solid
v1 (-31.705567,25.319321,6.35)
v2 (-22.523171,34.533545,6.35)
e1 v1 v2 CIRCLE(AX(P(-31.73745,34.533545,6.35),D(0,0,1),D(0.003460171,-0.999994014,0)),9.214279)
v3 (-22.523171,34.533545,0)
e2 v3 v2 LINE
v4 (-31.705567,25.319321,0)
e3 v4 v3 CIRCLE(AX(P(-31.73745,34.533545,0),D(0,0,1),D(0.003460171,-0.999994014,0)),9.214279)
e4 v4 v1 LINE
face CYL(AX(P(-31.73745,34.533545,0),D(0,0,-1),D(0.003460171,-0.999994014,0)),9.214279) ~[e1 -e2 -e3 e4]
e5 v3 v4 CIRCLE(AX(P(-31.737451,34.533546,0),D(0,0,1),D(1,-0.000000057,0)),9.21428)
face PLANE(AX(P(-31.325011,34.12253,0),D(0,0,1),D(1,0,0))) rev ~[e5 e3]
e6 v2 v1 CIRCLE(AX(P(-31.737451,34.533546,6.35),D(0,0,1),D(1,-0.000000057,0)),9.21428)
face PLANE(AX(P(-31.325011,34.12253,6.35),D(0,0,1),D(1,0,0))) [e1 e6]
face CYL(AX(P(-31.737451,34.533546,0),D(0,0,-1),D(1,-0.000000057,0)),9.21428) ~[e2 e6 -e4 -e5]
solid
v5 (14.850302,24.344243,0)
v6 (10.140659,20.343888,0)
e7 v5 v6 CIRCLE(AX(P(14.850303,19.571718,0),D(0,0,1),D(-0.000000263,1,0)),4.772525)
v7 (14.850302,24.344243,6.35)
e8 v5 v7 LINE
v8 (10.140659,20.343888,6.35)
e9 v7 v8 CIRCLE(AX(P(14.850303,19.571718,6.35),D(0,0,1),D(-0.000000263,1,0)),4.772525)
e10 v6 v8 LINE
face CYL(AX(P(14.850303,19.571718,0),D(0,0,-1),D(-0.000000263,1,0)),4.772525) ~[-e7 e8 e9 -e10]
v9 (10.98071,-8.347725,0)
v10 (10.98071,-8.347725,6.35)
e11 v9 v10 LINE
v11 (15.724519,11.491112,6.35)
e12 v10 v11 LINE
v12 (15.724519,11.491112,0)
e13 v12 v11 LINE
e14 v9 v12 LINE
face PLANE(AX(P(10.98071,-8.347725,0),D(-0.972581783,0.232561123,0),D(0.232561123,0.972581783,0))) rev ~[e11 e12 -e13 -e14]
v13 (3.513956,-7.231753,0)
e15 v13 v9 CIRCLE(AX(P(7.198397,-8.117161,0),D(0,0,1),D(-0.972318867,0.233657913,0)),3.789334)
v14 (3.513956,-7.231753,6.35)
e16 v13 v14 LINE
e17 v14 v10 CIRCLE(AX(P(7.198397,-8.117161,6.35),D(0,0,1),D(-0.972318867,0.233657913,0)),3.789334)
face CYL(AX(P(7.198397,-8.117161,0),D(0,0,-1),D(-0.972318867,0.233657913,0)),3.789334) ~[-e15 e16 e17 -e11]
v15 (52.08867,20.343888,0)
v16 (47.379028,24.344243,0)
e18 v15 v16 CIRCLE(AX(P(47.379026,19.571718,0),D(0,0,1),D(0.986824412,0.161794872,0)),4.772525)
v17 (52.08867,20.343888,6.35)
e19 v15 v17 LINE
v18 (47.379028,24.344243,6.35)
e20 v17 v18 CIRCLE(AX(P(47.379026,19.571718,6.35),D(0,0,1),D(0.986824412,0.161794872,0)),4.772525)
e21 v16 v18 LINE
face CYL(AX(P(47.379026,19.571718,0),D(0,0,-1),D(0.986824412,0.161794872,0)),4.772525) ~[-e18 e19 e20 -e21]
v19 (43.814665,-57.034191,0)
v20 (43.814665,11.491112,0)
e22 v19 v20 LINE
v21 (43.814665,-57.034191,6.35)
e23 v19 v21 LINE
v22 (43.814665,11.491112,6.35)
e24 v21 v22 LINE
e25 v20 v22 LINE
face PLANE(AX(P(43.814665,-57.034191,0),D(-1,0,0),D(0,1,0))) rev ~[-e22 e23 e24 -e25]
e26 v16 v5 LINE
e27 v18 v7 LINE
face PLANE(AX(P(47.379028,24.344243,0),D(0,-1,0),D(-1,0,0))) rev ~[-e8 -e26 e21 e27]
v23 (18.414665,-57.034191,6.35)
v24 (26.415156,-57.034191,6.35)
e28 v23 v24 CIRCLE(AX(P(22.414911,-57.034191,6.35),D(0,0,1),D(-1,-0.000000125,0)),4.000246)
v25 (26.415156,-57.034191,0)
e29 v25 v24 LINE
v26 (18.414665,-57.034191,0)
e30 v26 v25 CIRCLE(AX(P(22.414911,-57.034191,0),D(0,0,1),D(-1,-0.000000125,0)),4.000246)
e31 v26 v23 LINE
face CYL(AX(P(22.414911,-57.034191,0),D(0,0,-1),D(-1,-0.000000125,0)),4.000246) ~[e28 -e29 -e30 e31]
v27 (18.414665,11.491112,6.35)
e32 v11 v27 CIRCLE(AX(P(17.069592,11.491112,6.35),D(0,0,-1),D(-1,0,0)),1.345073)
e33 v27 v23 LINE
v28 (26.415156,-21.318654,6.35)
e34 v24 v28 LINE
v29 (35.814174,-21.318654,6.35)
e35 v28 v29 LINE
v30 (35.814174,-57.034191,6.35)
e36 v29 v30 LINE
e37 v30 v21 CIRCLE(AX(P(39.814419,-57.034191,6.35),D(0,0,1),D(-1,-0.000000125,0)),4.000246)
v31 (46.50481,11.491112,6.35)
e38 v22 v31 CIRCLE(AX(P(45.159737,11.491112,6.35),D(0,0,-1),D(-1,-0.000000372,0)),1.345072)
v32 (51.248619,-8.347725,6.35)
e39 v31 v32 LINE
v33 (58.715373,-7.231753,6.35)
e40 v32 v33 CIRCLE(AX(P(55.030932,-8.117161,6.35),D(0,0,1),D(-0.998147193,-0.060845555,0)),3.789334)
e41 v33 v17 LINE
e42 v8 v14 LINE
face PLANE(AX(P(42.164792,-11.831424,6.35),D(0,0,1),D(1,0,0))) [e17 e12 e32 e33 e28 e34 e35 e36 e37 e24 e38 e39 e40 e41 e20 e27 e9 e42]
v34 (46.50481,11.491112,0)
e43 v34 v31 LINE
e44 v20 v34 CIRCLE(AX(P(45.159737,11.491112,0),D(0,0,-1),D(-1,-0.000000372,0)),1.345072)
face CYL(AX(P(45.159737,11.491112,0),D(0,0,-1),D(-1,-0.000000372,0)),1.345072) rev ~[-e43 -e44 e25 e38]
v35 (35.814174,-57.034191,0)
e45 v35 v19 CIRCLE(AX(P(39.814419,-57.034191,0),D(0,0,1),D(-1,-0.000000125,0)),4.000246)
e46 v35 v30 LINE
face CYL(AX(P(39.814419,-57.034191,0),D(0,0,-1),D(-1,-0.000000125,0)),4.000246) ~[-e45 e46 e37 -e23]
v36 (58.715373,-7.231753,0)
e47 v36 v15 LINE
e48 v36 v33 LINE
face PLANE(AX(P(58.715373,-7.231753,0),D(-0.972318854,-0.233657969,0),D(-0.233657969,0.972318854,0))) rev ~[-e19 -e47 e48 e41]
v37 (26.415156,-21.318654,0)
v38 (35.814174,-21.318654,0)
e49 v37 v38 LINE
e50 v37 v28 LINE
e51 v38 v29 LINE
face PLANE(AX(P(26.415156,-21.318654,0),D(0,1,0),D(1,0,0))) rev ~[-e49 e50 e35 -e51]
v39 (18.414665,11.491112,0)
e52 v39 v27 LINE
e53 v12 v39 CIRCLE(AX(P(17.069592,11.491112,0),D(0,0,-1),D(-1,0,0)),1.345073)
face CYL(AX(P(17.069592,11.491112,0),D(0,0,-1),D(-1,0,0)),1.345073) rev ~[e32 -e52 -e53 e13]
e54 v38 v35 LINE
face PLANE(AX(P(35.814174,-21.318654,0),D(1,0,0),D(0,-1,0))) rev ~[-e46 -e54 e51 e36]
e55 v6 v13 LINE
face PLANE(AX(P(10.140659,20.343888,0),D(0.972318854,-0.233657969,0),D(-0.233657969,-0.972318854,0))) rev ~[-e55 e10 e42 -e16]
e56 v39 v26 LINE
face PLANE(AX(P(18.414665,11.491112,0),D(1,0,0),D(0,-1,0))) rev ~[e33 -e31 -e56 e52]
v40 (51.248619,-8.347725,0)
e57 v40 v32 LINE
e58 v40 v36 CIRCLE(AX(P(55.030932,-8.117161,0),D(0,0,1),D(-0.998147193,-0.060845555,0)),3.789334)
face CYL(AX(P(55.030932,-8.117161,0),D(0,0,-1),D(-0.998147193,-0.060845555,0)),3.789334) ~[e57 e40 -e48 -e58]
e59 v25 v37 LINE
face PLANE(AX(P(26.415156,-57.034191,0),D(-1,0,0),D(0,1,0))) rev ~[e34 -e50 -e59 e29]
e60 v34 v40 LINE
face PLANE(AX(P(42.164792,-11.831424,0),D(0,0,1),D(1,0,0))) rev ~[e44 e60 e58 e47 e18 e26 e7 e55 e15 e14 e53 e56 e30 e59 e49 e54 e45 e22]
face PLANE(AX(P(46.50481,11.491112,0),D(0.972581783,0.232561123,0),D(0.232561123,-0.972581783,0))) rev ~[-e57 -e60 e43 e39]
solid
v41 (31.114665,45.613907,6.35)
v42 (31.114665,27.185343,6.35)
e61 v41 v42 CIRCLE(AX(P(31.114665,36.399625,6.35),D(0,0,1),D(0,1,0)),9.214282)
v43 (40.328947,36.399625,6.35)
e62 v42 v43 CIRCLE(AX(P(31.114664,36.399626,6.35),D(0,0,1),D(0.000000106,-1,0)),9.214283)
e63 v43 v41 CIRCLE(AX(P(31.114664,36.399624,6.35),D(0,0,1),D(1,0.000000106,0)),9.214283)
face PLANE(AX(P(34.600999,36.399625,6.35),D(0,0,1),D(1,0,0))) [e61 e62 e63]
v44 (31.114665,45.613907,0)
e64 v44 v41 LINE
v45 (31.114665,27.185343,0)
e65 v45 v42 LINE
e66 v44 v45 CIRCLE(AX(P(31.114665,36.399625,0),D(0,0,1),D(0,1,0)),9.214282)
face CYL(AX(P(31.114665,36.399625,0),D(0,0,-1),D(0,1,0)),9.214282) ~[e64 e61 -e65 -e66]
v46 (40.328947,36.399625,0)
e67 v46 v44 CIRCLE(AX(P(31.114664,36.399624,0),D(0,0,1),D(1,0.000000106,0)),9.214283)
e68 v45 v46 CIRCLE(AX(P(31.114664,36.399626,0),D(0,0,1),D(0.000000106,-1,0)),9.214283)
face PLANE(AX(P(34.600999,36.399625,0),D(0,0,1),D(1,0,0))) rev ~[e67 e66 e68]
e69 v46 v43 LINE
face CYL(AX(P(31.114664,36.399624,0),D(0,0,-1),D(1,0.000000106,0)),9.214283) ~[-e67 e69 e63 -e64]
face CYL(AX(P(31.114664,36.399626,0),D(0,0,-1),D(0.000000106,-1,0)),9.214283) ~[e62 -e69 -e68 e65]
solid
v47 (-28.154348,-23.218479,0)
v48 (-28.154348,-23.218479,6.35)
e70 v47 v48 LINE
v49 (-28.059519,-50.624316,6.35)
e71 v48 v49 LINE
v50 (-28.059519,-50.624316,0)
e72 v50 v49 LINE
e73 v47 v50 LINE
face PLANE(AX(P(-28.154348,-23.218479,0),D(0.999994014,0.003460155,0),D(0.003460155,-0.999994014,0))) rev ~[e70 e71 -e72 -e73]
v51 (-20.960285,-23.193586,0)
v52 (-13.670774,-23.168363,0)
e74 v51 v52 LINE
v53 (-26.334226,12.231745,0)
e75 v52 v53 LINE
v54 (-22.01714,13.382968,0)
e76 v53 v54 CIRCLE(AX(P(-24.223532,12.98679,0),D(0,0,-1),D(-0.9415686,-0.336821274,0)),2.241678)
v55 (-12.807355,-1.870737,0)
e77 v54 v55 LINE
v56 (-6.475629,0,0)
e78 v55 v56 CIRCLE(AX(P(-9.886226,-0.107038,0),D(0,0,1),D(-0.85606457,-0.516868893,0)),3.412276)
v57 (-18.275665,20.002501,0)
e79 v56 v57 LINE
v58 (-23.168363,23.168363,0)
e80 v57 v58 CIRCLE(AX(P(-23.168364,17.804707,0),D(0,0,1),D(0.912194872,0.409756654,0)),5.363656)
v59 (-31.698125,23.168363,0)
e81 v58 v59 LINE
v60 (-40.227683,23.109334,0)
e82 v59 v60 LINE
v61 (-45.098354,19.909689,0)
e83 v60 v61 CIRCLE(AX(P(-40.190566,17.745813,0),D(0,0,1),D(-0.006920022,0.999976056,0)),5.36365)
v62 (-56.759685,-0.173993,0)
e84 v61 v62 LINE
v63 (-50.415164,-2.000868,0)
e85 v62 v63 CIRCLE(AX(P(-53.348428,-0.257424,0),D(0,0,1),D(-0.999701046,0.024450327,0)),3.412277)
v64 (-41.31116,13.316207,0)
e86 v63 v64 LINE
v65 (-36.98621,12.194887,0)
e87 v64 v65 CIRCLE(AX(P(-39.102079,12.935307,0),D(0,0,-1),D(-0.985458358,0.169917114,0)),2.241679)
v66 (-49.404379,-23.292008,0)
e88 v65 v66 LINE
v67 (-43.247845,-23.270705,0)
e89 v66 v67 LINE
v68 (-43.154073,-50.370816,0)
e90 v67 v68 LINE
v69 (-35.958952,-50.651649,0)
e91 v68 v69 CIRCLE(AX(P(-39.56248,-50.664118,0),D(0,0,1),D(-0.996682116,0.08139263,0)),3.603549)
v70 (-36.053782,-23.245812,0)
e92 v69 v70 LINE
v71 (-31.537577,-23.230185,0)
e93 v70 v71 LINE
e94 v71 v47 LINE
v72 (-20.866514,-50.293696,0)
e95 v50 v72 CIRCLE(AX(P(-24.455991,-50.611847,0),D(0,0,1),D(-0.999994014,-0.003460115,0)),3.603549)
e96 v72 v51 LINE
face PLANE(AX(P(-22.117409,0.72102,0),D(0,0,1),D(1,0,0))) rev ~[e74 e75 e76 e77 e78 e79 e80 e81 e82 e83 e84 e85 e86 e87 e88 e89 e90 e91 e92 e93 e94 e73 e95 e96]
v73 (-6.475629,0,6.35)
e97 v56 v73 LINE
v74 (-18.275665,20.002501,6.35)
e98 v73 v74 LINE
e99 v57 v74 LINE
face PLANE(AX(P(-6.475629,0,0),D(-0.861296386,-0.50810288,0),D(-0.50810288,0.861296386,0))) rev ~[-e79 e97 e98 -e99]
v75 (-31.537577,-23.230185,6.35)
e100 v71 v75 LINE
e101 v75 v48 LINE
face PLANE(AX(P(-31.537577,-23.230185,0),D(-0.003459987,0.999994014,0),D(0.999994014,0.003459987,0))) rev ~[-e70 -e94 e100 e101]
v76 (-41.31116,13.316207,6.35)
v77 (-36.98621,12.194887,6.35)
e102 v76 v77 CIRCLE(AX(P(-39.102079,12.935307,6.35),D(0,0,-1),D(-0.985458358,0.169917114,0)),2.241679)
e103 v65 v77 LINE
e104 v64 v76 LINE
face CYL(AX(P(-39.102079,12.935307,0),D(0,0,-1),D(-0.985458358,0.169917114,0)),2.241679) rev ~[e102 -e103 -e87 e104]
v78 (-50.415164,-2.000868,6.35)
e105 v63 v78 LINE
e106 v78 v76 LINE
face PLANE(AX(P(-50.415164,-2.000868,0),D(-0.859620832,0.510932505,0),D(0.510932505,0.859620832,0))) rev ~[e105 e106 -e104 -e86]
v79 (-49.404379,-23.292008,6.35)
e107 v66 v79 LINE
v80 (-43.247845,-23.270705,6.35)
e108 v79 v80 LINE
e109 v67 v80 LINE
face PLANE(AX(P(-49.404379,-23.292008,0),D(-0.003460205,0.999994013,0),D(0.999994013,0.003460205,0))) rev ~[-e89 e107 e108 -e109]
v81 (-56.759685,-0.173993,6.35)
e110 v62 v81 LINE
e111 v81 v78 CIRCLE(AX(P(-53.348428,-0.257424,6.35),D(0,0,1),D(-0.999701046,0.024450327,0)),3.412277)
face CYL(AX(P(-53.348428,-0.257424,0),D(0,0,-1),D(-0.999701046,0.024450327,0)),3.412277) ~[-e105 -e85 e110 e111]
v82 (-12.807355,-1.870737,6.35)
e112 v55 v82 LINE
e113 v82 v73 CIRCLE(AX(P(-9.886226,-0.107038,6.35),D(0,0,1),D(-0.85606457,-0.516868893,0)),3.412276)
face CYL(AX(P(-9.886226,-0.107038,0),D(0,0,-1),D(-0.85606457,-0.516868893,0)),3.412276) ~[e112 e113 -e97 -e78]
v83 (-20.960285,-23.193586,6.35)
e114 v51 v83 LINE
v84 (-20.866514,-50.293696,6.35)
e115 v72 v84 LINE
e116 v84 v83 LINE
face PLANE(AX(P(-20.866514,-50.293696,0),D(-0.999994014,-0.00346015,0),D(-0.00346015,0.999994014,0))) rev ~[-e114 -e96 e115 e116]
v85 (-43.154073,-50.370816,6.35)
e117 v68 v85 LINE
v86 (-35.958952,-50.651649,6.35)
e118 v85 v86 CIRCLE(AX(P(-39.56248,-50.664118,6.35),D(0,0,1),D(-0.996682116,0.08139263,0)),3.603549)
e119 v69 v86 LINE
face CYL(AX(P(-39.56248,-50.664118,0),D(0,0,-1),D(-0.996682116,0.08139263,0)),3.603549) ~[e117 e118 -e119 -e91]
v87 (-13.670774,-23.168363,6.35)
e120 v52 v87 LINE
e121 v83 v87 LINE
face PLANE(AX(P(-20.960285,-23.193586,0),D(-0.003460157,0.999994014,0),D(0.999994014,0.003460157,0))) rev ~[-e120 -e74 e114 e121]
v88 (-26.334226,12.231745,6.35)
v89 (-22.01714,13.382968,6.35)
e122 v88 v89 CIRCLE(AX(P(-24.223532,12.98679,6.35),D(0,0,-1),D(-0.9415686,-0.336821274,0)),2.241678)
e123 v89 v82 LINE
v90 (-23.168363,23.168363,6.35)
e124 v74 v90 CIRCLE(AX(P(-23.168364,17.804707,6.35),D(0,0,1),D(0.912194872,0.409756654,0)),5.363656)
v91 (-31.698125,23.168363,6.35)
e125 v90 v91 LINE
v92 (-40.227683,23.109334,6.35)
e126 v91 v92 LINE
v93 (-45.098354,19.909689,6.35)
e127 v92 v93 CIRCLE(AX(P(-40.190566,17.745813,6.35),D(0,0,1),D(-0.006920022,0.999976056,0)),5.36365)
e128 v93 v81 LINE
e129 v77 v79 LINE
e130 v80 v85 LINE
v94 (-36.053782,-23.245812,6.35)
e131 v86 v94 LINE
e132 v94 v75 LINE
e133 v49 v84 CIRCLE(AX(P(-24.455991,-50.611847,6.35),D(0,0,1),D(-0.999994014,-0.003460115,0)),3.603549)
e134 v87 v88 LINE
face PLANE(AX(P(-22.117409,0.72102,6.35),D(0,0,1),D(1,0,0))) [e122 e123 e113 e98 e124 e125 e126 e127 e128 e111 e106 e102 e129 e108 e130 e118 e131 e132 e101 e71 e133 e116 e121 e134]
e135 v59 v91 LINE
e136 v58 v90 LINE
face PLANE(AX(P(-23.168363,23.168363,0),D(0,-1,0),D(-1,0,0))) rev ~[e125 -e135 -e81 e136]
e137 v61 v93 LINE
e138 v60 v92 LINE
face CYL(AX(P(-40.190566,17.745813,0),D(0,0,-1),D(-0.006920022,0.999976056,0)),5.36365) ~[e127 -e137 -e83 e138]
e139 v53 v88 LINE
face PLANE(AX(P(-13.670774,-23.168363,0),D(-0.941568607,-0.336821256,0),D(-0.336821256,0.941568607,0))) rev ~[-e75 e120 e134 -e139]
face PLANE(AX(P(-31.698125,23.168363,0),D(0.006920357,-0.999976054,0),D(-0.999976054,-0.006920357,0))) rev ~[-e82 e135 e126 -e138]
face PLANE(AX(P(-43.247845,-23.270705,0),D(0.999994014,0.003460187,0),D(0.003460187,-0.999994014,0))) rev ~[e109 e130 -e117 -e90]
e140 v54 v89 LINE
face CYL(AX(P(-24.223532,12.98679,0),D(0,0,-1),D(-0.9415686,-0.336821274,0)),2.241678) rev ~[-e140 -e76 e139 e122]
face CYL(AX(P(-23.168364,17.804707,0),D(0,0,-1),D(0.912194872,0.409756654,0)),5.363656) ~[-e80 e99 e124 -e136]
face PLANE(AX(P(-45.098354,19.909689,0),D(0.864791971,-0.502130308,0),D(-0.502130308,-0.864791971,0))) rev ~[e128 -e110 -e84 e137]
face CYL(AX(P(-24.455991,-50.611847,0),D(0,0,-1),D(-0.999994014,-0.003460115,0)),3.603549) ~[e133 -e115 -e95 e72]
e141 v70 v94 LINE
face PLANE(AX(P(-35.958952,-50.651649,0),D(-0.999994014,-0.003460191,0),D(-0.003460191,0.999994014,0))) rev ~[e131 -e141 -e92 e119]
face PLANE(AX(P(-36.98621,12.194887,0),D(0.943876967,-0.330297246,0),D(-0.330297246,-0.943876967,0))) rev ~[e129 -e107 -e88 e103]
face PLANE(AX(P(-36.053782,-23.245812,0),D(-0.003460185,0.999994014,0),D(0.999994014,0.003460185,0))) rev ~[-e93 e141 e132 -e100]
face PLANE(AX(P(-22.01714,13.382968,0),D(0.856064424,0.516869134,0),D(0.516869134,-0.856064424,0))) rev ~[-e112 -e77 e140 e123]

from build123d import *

# Parameters (mm, degrees)
F2_DEPTH = 6.35
F3_DEPTH = 6.35


with BuildPart() as f2:
    # F1 (on Top) → F2 (new body)
    with BuildSketch(Plane.XY):
        with BuildLine():
            ThreePointArc((31.114665, 27.185343), (37.630146, 29.884144), (40.328947, 36.399625))
            ThreePointArc((40.328947, 36.399625), (37.630146, 42.915106), (31.114665, 45.613907))
            Line((31.114665, 45.613907), (31.114665, 27.185343))
        make_face()
        with BuildLine():
            Line((47.379028, 24.344243), (31.114665, 24.344243))
            Line((31.114665, 24.344243), (31.114665, -21.318654))
            Line((31.114665, -21.318654), (35.814174, -21.318654))
            Line((35.814174, -21.318654), (35.814174, -57.034191))
            ThreePointArc((35.814174, -57.034191), (39.814419, -61.034436), (43.814665, -57.034191))
            Line((43.814665, -57.034191), (43.814665, 11.491112))
            ThreePointArc((43.814665, 11.491112), (45.159738, 12.836185), (46.50481, 11.491112))
            Line((46.50481, 11.491112), (51.248619, -8.347725))
            ThreePointArc((51.248619, -8.347725), (55.59106, -11.864868), (58.715373, -7.231753))
            Line((58.715373, -7.231753), (52.08867, 20.343888))
            ThreePointArc((52.08867, 20.343888), (50.46867, 23.209175), (47.379028, 24.344243))
        make_face()
        with BuildLine():
            Line((31.114665, -21.318654), (31.114665, 24.344243))
            Line((31.114665, 24.344243), (14.850302, 24.344243))
            ThreePointArc((14.850302, 24.344243), (11.760659, 23.209175), (10.140659, 20.343888))
            Line((10.140659, 20.343888), (3.513956, -7.231753))
            ThreePointArc((3.513956, -7.231753), (6.638269, -11.864868), (10.98071, -8.347725))
            Line((10.98071, -8.347725), (15.724519, 11.491112))
            ThreePointArc((15.724519, 11.491112), (17.069592, 12.836185), (18.414665, 11.491112))
            Line((18.414665, 11.491112), (18.414665, -57.034191))
            ThreePointArc((18.414665, -57.034191), (22.41491, -61.034436), (26.415156, -57.034191))
            Line((26.415156, -57.034191), (26.415156, -21.318654))
            Line((26.415156, -21.318654), (31.114665, -21.318654))
        make_face()
        with BuildLine():
            Line((31.114665, 27.185343), (31.114665, 45.613907))
            ThreePointArc((31.114665, 45.613907), (21.900383, 36.399625), (31.114665, 27.185343))
        make_face()
    extrude(amount=F2_DEPTH)


with BuildPart() as f3:
    # F0 (on Top) → F3 (new body)
    with BuildSketch(Plane.XY):
        with BuildLine():
            ThreePointArc((-31.705567, 25.319321), (-25.210708, 28.029348), (-22.523171, 34.533545))
            ThreePointArc((-22.523171, 34.533545), (-38.264193, 41.037743), (-31.705567, 25.319321))
        make_face()
        with BuildLine():
            Line((-23.168363, 23.168363), (-31.698125, 23.168363))
            Line((-31.698125, 23.168363), (-31.537577, -23.230185))
            Line((-31.537577, -23.230185), (-28.154348, -23.218479))
            Line((-28.154348, -23.218479), (-20.960285, -23.193586))
            Line((-20.960285, -23.193586), (-13.670774, -23.168363))
            Line((-13.670774, -23.168363), (-26.334226, 12.231745))
            ThreePointArc((-26.334226, 12.231745), (-24.801129, 15.152778), (-22.01714, 13.382968))
            Line((-22.01714, 13.382968), (-12.807355, -1.870737))
            ThreePointArc((-12.807355, -1.870737), (-8.919371, -3.379471), (-6.475629, 0))
            Line((-6.475629, 0), (-18.275665, 20.002501))
            ThreePointArc((-18.275665, 20.002501), (-20.254552, 22.307873), (-23.168363, 23.168363))
        make_face()
        with BuildLine():
            Line((-31.537577, -23.230185), (-31.698125, 23.168363))
            Line((-31.698125, 23.168363), (-40.227683, 23.109334))
            ThreePointArc((-40.227683, 23.109334), (-43.135469, 22.228701), (-45.098354, 19.909689))
            Line((-45.098354, 19.909689), (-56.759685, -0.173993))
            ThreePointArc((-56.759685, -0.173993), (-54.292614, -3.536471), (-50.415164, -2.000868))
            Line((-50.415164, -2.000868), (-41.31116, 13.316207))
            ThreePointArc((-41.31116, 13.316207), (-38.539485, 15.105241), (-36.98621, 12.194887))
            Line((-36.98621, 12.194887), (-49.404379, -23.292008))
            Line((-49.404379, -23.292008), (-43.247845, -23.270705))
            Line((-43.247845, -23.270705), (-36.053782, -23.245812))
            Line((-36.053782, -23.245812), (-31.537577, -23.230185))
        make_face()
        with BuildLine():
            Line((-35.958952, -50.651649), (-36.053782, -23.245812))
            Line((-36.053782, -23.245812), (-43.247845, -23.270705))
            Line((-43.247845, -23.270705), (-43.154073, -50.370816))
            ThreePointArc((-43.154073, -50.370816), (-39.703023, -54.264926), (-35.958952, -50.651649))
        make_face()
        with BuildLine():
            Line((-20.960285, -23.193586), (-28.154348, -23.218479))
            Line((-28.154348, -23.218479), (-28.059519, -50.624316))
            ThreePointArc((-28.059519, -50.624316), (-24.290532, -54.211596), (-20.866514, -50.293696))
            Line((-20.866514, -50.293696), (-20.960285, -23.193586))
        make_face()
    extrude(amount=F3_DEPTH)


solid = Compound([f2.part, f3.part])
